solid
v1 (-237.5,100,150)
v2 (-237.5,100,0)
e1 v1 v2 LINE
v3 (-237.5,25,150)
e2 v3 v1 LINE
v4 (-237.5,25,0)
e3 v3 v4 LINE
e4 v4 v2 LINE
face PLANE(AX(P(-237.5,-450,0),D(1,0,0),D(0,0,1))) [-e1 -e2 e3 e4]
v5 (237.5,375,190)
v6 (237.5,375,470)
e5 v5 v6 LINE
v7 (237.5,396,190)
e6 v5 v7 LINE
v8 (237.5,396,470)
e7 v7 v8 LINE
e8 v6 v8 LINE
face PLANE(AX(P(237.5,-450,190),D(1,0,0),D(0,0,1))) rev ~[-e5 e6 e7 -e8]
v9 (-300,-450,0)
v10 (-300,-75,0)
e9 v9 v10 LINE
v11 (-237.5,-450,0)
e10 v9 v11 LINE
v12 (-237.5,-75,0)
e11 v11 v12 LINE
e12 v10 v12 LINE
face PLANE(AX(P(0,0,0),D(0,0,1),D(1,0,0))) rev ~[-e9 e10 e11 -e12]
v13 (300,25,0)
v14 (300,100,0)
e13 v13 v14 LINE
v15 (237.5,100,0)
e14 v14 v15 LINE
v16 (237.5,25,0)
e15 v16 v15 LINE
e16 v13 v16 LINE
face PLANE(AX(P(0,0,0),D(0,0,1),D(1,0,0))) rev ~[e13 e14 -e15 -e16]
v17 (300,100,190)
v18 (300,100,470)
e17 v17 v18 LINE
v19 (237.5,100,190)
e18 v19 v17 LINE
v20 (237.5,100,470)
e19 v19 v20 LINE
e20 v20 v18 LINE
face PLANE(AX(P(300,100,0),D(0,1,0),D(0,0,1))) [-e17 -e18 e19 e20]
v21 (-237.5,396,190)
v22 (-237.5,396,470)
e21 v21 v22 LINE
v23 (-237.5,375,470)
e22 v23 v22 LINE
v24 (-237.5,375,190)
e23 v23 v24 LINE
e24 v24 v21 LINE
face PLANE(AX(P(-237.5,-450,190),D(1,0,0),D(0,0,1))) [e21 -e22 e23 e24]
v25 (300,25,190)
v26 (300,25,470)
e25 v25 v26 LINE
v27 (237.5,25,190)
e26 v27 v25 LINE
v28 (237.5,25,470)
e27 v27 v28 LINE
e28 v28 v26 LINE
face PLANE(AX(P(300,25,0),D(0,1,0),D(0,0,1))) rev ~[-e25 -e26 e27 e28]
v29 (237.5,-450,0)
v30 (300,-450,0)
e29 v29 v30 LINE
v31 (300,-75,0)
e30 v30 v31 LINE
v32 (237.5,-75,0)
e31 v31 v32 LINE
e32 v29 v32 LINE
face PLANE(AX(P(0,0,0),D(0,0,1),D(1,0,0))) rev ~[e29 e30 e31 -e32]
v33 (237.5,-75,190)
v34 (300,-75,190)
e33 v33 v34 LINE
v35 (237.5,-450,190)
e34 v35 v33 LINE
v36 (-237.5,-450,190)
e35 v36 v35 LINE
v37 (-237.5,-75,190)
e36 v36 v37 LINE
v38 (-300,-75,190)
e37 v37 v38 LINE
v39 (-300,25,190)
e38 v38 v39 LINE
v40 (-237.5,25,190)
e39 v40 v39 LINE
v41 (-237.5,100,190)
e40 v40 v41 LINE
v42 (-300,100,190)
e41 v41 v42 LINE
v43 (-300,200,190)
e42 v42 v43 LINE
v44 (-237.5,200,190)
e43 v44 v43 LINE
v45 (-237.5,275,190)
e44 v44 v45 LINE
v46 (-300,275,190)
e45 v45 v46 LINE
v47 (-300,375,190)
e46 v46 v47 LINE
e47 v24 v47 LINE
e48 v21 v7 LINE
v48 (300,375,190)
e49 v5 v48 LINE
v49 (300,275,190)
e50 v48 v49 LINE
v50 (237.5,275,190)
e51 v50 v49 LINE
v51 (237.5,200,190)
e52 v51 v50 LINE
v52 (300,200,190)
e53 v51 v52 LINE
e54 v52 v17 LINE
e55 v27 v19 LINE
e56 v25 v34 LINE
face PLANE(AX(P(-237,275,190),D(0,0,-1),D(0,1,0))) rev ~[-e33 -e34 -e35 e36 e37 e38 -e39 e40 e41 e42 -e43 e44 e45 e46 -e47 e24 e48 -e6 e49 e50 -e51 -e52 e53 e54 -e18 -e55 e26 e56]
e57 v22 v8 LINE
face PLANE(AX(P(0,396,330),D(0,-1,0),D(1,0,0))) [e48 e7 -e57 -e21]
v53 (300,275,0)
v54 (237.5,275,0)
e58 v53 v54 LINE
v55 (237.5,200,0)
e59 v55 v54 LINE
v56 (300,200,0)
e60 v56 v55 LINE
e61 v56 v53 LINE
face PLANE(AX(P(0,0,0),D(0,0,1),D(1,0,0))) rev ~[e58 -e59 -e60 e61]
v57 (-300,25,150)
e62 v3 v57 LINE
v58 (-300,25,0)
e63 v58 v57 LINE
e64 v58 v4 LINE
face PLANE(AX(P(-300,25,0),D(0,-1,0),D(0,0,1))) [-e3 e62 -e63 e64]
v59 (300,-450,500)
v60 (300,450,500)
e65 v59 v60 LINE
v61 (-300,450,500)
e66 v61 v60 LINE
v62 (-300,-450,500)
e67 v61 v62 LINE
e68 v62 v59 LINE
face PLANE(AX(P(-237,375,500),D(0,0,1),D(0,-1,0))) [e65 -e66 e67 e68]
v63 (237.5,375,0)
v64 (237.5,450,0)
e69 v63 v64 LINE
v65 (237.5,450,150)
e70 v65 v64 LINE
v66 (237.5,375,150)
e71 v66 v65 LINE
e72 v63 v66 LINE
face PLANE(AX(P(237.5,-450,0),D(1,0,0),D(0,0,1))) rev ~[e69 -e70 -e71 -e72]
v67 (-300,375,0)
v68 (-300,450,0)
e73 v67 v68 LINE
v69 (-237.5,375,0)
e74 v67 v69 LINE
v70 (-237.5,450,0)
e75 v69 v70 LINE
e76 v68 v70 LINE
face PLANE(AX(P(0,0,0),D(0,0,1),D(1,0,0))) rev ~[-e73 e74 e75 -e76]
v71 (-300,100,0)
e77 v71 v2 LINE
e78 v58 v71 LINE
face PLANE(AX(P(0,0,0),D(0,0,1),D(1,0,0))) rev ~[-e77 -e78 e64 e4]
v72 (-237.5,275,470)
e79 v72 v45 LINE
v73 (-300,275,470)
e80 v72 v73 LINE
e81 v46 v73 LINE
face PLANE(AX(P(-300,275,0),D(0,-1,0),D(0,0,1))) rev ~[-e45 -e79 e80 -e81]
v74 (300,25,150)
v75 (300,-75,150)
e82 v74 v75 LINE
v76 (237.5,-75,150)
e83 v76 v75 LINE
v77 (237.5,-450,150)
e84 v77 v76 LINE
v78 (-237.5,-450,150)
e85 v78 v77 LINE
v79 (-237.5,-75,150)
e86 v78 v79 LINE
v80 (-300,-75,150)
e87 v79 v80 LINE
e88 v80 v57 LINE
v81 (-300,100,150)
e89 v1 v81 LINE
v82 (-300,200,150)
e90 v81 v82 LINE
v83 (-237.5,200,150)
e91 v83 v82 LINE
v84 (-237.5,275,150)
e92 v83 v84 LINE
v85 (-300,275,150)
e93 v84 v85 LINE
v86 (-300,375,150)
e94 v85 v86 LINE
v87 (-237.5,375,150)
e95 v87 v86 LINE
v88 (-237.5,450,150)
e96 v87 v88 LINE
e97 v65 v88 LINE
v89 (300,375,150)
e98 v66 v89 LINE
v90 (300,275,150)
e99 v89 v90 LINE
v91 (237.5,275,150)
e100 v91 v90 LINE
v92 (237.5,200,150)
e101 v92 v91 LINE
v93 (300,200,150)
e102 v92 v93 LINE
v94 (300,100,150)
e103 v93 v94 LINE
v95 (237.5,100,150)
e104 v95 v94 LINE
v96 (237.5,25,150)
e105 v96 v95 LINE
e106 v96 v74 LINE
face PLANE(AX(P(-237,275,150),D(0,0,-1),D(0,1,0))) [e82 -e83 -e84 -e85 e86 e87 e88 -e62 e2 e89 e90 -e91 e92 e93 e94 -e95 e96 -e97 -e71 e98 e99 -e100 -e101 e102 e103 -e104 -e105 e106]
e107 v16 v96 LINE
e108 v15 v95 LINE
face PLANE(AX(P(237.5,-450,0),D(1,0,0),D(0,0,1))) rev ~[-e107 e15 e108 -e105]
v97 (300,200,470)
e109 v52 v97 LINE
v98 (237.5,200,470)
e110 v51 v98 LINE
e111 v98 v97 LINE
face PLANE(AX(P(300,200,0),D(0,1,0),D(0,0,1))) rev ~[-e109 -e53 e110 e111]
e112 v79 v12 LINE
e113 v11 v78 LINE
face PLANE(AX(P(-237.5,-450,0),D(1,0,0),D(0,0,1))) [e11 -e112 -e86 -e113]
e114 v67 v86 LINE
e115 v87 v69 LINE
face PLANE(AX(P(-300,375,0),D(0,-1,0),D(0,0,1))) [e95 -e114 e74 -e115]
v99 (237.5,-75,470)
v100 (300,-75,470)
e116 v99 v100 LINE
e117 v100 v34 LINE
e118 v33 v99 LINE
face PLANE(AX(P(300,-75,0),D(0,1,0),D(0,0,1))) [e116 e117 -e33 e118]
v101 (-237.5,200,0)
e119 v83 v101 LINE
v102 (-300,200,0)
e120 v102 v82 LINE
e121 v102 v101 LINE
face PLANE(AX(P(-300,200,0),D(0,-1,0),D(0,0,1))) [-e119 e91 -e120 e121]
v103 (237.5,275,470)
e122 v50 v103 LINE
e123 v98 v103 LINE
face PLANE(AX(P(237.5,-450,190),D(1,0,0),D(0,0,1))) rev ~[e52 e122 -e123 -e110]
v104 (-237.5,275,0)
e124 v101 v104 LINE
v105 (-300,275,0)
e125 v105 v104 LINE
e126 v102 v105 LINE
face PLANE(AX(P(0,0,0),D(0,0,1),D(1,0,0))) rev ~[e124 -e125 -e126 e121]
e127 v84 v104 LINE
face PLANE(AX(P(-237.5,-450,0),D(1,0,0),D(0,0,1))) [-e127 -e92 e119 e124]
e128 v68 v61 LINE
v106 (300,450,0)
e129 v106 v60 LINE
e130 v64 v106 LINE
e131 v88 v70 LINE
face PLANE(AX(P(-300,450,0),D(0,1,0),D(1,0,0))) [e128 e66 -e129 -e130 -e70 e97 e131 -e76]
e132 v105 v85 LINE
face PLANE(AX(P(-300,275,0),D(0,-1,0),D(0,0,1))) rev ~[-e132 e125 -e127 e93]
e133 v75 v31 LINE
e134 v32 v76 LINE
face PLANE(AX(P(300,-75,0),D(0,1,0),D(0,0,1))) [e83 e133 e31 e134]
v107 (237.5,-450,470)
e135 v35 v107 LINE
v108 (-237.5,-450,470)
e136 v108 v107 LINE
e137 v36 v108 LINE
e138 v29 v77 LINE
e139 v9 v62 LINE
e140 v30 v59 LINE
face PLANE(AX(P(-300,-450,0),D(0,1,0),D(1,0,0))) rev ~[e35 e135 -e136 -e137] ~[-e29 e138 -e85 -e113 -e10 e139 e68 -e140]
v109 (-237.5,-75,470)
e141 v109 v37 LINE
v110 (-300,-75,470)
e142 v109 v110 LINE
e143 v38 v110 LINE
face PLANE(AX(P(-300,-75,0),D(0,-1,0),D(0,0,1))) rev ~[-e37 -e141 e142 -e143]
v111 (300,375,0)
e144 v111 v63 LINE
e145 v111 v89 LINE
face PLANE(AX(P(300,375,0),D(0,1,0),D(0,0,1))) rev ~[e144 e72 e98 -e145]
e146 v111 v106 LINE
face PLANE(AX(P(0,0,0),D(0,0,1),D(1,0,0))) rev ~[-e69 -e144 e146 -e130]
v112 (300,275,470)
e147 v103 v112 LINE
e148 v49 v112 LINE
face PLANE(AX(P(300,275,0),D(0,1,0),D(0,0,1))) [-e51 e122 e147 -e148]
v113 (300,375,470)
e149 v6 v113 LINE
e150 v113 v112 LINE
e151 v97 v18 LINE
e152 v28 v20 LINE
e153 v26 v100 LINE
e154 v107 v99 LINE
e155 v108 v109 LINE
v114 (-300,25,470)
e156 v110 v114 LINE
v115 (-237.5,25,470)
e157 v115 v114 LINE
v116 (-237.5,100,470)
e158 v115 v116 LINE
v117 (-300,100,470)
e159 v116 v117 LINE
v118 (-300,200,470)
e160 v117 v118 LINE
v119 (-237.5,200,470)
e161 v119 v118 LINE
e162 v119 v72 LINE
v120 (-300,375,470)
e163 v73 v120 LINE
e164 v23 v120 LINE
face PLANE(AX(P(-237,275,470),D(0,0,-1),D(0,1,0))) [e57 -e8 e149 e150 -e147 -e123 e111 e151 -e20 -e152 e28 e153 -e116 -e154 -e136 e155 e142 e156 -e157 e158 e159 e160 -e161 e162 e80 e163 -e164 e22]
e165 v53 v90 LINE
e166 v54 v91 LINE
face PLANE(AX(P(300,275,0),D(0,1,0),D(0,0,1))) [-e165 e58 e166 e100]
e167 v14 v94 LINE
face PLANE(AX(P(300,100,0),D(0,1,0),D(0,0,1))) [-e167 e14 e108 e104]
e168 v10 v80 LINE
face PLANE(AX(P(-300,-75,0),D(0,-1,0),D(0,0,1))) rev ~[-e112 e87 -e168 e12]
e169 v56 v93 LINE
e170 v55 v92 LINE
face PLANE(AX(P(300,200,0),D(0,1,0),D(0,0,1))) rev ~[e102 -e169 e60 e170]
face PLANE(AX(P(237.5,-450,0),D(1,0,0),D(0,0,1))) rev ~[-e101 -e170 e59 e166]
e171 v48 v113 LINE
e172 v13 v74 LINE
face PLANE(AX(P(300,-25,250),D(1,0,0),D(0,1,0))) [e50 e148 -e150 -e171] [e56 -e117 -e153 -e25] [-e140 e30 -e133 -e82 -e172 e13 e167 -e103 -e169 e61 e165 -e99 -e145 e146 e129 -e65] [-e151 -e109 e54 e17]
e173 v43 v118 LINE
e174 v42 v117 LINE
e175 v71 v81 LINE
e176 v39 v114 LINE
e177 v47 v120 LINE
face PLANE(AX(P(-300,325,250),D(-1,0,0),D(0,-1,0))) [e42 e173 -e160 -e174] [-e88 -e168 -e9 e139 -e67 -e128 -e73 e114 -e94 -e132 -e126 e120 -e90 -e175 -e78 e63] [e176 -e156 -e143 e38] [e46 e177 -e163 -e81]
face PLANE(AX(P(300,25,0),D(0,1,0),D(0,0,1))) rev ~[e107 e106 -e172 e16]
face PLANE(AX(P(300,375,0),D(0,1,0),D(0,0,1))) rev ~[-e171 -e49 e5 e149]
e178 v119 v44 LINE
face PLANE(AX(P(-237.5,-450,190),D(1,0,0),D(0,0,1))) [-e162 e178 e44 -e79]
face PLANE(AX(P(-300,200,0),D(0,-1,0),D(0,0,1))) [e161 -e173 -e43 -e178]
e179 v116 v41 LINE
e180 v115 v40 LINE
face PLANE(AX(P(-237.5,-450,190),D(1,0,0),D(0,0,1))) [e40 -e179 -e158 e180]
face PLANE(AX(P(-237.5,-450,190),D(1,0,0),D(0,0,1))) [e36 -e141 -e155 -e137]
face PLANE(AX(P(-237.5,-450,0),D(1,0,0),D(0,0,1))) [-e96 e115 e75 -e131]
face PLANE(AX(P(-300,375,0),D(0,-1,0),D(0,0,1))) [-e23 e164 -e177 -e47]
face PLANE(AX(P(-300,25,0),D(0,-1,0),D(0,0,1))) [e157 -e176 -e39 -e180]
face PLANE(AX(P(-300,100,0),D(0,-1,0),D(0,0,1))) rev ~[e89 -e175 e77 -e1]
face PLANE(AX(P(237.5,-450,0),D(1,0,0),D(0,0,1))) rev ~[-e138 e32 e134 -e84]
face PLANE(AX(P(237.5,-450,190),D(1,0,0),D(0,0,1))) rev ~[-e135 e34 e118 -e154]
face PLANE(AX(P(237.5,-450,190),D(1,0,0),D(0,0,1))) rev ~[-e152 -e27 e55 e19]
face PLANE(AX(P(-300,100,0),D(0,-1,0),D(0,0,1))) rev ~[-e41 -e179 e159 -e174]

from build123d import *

# Parameters (mm, degrees)
F0_W      = 600
F0_H      = 900
F1_DEPTH  = 500
F2_W      = 475
F2_H      = 150
F3_DEPTH  = 1705
F4_W      = 475
F4_H      = 280
F5_DEPTH  = 846
F6_W      = 100
F6_H      = 500
F7_DEPTH  = 63
F8_DEPTH  = 63
F9_DEPTH  = 63
F10_DEPTH = 63
F11_DEPTH = 63
F13_W     = 100
F13_H     = 500
F14_DEPTH = 63
F15_DEPTH = 63
F16_DEPTH = 63


with BuildPart() as f1:
    # F0 (on Top) → F1 (new body)
    with BuildSketch(Plane.XY):
        Rectangle(F0_W, F0_H)
    extrude(amount=F1_DEPTH)

    # F2 (on face) → F3 (cut)
    with BuildSketch(Plane.XZ.offset(450)):
        with Locations((0, 75)):
            Rectangle(F2_W, F2_H)
    extrude(amount=-F3_DEPTH, mode=Mode.SUBTRACT)

    # F4 (on face) → F5 (cut)
    with BuildSketch(Plane.XZ.offset(450)):
        with Locations((0, 330)):
            Rectangle(F4_W, F4_H)
    extrude(amount=-F5_DEPTH, mode=Mode.SUBTRACT)

    # F6 (on face) → F7 (cut)
    with BuildSketch(Plane.YZ.offset(300)):
        with Locations((-25, 250)):
            Rectangle(F6_W, F6_H)
    extrude(amount=-F7_DEPTH, mode=Mode.SUBTRACT)

    # F8 (add): a face of the model
    f8_faces = [f1.faces().sort_by_distance(p)[0] for p in [
        (237, -25, 485),
    ]]
    extrude(f8_faces, amount=F8_DEPTH)

    # F9 (add): a face of the model
    f9_faces = [f1.faces().sort_by_distance(p)[0] for p in [
        (237, -25, 170),
    ]]
    extrude(f9_faces, amount=F9_DEPTH)

    # F6 (on face) → F10 (cut)
    with BuildSketch(Plane.YZ.offset(300)):
        with Locations((325, 250)):
            Rectangle(F6_W, F6_H)
        with Locations((150, 250)):
            Rectangle(F6_W, F6_H)
        with Locations((-25, 250)):
            Rectangle(F6_W, F6_H)
    extrude(amount=-F10_DEPTH, mode=Mode.SUBTRACT)

    # F11 (add): faces of the model
    f11_faces = [f1.faces().sort_by_distance(p)[0] for p in [
        (237, -25, 485),
        (237, 150, 485),
        (237, 325, 485),
        (237, 325, 170),
        (237, 150, 170),
        (237, -25, 170),
    ]]
    extrude(f11_faces, amount=F11_DEPTH)

    # F13 (on face) → F14 (cut)
    with BuildSketch(Plane(origin=(-300, 0, 0), x_dir=(0, -1, 0), z_dir=(-1, 0, 0))):
        with Locations((-325, 250)):
            Rectangle(F13_W, F13_H)
        with Locations((-150, 250)):
            Rectangle(F13_W, F13_H)
        with Locations((25, 250)):
            Rectangle(F13_W, F13_H)
    extrude(amount=-F14_DEPTH, mode=Mode.SUBTRACT)

    # F15 (add): faces of the model
    f15_faces = [f1.faces().sort_by_distance(p)[0] for p in [
        (-237, 325, 485),
        (-237, 150, 485),
        (-237, -25, 485),
    ]]
    extrude(f15_faces, amount=F15_DEPTH)

    # F16 (add): faces of the model
    f16_faces = [f1.faces().sort_by_distance(p)[0] for p in [
        (-237, 325, 170),
        (-237, 150, 170),
        (-237, -25, 170),
    ]]
    extrude(f16_faces, amount=F16_DEPTH)


solid = f1.part
